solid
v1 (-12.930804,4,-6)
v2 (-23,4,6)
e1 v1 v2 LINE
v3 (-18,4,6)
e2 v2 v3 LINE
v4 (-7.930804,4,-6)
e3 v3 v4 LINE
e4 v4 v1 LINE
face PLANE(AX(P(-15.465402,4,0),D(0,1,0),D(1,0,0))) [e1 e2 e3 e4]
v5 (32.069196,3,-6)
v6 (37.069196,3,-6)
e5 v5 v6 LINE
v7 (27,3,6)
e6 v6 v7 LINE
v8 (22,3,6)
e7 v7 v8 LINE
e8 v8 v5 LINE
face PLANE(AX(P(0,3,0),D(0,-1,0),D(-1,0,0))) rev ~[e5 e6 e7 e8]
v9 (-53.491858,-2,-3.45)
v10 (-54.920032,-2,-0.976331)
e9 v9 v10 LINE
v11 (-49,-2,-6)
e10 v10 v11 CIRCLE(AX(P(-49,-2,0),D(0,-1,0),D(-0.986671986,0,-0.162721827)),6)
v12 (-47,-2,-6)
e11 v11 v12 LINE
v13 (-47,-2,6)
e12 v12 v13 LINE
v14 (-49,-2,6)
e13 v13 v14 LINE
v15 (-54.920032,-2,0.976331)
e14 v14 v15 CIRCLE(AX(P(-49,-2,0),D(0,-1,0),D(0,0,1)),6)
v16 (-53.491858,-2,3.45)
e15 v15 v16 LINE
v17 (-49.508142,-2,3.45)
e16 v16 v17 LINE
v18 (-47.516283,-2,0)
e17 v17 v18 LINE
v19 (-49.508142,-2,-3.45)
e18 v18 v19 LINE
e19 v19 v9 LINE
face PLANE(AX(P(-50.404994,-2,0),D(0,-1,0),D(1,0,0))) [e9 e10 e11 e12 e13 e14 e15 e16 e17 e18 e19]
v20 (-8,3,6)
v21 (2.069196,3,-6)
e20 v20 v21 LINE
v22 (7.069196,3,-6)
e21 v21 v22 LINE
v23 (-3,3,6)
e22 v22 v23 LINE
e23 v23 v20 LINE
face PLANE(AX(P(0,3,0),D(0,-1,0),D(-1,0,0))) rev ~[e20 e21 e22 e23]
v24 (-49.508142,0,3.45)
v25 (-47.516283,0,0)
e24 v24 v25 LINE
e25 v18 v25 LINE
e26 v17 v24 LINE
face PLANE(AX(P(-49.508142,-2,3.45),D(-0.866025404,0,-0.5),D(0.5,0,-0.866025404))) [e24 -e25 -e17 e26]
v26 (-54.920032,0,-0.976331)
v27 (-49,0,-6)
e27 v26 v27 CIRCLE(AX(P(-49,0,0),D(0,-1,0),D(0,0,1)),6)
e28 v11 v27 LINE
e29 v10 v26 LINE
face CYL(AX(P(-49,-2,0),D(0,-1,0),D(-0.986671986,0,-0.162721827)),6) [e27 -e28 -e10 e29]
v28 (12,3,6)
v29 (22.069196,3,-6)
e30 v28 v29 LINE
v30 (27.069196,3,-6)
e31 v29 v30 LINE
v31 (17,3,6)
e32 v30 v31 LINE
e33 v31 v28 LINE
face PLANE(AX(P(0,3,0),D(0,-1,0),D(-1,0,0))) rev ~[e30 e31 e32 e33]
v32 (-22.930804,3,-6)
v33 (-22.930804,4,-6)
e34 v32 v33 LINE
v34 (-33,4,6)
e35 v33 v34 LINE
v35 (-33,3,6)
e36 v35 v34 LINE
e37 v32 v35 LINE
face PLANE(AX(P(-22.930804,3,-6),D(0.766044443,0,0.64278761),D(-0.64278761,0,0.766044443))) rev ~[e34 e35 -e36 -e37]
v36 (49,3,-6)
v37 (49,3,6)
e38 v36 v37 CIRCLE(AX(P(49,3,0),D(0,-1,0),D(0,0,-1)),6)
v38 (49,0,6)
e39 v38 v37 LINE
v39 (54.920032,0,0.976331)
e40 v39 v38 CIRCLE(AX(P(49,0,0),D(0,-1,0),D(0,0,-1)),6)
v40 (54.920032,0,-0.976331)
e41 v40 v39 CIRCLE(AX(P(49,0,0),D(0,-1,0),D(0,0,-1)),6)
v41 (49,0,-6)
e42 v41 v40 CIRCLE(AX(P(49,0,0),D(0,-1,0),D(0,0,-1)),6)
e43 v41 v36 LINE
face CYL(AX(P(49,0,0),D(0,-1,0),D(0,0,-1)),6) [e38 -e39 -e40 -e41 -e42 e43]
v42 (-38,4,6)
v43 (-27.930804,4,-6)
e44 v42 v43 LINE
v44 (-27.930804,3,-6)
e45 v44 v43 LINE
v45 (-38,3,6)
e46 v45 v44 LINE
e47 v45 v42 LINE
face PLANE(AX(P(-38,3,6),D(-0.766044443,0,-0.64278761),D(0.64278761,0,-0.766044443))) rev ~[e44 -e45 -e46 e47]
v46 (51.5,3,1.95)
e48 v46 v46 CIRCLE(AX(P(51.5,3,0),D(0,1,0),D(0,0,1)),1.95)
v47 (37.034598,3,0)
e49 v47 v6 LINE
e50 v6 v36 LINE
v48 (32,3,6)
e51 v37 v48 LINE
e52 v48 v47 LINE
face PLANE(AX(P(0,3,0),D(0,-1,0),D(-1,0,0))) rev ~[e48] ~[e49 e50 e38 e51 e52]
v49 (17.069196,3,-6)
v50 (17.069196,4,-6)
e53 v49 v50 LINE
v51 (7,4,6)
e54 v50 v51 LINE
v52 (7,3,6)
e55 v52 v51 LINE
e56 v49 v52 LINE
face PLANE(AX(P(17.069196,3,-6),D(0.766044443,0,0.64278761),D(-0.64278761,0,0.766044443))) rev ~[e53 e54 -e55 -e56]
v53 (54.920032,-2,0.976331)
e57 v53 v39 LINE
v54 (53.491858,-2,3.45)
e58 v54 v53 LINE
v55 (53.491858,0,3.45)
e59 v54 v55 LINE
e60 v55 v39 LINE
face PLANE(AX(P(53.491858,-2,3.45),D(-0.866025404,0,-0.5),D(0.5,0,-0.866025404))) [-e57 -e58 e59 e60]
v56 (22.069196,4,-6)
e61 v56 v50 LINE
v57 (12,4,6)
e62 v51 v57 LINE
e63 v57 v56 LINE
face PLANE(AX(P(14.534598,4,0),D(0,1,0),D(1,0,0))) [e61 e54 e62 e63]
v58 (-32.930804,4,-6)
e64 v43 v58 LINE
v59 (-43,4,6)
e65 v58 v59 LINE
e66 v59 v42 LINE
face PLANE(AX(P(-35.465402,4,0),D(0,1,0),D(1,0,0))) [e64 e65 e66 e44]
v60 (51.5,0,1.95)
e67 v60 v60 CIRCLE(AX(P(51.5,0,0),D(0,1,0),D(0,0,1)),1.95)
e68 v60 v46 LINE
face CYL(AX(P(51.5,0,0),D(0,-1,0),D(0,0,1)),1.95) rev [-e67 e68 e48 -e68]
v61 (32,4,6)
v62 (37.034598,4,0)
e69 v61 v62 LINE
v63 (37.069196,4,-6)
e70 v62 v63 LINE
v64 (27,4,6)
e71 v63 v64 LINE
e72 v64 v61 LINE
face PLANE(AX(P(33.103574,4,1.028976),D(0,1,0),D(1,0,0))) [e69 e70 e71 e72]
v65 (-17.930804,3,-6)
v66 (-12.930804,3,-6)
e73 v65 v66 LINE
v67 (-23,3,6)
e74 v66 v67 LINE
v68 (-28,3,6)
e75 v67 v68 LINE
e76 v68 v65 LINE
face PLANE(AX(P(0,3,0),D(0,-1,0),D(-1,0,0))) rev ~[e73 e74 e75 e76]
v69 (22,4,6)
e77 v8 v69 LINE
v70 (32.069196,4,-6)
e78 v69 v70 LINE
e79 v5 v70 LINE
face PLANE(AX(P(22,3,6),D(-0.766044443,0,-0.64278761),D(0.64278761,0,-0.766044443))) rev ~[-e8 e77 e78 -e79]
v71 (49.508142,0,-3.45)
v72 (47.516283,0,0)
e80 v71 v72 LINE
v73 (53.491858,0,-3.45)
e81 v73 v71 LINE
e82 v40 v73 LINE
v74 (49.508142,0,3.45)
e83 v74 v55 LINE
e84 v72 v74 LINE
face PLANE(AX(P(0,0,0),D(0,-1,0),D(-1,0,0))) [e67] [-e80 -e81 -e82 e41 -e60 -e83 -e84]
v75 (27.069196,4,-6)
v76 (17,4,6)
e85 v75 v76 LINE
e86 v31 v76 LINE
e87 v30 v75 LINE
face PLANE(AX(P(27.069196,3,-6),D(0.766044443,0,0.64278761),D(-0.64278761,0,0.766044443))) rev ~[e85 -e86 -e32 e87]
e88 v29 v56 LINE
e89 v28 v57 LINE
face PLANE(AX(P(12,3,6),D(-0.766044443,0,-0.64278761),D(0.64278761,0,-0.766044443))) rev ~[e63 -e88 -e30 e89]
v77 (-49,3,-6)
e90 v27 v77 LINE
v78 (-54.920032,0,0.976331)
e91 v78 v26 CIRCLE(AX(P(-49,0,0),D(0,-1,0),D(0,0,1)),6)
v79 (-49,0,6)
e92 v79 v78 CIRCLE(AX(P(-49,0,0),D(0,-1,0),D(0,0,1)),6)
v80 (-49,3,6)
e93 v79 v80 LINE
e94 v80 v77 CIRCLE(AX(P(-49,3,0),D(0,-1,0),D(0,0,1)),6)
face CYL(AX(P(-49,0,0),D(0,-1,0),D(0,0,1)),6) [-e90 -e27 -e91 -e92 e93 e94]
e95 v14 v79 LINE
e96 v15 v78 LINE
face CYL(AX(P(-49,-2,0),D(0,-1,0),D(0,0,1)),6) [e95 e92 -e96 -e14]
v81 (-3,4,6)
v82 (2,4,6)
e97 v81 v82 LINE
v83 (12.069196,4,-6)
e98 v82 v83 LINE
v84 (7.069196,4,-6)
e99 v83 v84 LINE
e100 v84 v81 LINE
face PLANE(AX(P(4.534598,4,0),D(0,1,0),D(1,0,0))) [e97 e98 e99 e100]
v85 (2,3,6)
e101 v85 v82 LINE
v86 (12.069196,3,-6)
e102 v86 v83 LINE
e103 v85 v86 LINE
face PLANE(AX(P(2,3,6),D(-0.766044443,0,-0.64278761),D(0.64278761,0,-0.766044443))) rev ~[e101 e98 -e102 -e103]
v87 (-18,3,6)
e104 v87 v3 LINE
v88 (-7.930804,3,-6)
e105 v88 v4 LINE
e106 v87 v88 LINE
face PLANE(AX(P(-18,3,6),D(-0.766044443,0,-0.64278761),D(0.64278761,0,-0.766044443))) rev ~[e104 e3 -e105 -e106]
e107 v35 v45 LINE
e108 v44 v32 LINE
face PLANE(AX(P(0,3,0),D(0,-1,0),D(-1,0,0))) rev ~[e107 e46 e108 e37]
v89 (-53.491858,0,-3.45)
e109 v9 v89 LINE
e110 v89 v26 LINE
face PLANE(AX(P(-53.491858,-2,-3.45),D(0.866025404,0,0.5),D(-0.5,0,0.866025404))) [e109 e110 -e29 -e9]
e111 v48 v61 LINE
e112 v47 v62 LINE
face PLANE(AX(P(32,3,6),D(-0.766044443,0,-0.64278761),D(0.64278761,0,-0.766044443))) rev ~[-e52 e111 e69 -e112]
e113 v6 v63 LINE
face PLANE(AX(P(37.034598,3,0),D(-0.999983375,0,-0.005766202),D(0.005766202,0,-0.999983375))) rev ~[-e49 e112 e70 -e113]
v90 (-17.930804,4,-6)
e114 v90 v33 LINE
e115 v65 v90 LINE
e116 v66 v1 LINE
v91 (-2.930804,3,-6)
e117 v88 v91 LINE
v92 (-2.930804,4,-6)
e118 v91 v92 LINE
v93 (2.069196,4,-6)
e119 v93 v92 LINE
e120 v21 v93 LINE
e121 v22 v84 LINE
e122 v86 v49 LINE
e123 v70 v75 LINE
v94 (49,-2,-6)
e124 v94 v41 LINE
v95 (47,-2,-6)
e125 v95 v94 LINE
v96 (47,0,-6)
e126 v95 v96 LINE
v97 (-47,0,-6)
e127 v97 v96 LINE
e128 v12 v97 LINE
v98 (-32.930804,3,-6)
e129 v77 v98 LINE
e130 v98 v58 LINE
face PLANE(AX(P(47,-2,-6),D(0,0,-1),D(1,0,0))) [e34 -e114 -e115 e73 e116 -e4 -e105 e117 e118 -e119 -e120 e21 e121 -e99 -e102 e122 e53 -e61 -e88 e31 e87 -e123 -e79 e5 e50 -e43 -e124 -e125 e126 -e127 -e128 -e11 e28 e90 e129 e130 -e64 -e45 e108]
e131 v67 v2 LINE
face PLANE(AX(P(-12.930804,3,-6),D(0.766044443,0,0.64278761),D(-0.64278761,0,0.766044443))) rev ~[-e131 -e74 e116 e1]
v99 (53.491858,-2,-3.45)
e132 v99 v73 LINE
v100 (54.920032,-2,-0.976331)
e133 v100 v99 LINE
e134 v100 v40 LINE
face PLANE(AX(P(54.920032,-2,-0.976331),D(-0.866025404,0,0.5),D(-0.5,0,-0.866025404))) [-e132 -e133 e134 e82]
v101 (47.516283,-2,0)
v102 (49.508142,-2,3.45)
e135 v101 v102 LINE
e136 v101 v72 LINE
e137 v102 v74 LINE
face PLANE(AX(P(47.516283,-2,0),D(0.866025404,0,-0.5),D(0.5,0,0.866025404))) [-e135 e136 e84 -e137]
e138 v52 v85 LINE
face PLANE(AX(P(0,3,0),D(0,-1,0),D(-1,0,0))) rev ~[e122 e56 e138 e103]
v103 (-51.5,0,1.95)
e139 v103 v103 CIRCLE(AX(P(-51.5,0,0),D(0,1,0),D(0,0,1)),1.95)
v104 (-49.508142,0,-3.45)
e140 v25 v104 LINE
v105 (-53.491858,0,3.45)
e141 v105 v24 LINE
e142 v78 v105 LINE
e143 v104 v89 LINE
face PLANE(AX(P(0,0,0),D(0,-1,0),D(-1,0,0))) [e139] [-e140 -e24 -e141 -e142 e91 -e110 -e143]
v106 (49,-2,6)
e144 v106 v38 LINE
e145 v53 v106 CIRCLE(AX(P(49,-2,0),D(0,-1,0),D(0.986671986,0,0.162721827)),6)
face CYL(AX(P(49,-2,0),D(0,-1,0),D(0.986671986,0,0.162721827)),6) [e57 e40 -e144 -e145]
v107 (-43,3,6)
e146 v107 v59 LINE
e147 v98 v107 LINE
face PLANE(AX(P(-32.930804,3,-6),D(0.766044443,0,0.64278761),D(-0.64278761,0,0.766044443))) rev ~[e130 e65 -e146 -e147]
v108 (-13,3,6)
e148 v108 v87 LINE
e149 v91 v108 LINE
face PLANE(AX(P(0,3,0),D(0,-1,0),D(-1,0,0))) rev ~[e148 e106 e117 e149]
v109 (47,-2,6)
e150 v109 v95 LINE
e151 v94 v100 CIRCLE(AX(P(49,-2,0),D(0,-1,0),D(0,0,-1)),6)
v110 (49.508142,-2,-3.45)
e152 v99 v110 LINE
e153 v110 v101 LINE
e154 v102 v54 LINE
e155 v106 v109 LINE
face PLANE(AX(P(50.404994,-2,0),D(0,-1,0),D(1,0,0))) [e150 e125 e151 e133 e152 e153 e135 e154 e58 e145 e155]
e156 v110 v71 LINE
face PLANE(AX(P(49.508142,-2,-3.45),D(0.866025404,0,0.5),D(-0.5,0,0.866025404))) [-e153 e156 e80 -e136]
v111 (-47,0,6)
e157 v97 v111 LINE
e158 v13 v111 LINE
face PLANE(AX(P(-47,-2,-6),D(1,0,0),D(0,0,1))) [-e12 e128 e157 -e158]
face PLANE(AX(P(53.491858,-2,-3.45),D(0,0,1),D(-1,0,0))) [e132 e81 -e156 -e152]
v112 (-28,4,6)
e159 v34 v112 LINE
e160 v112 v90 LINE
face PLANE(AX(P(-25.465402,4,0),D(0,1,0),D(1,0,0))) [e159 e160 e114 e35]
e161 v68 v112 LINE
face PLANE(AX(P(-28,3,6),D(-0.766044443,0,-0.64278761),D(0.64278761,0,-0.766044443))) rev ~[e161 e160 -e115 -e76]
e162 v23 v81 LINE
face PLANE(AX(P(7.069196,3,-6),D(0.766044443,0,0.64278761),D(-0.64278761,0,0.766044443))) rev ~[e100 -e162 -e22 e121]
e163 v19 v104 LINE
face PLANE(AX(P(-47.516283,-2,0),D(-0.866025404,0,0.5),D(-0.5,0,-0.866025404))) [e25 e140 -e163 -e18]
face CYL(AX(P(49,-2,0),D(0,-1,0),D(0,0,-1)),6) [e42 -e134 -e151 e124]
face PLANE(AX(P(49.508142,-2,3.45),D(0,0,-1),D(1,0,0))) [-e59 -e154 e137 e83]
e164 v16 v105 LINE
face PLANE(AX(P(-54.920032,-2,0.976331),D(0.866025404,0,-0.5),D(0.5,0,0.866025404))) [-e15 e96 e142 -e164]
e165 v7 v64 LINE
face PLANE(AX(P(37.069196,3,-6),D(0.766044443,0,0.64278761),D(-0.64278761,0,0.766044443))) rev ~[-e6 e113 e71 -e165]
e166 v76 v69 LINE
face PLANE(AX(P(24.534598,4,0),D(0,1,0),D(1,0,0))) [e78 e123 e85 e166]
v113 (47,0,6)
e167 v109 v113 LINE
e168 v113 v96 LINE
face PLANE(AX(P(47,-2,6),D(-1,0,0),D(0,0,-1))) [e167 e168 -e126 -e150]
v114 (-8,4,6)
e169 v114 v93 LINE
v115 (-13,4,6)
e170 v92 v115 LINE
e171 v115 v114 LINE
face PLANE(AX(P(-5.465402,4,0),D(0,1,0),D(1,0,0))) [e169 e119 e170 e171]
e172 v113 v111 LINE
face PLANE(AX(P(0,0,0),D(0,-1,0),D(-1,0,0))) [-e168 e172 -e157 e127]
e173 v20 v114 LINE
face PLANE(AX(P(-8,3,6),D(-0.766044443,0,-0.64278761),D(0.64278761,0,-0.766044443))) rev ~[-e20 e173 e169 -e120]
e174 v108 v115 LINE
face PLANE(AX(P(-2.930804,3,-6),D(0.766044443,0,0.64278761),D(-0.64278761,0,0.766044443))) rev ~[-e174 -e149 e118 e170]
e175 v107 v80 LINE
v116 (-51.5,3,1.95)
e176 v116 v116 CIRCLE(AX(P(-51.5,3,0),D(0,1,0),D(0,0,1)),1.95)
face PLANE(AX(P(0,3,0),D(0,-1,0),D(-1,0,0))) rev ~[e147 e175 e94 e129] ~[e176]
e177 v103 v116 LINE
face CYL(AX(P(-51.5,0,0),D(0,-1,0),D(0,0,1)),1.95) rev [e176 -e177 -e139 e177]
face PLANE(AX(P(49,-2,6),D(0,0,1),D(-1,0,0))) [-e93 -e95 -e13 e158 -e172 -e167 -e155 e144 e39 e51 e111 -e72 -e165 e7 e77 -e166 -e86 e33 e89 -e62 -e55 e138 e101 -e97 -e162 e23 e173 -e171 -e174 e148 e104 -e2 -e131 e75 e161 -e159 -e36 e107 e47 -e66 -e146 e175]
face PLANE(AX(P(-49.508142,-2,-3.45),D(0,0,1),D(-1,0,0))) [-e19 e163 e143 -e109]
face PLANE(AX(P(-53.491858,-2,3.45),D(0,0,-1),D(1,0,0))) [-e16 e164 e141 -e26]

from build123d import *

# Parameters (mm, degrees)
SKETCH1_R           = 1.95
BOSS_EXTRUDE1_DEPTH = 3
BOSS_EXTRUDE2_START = 2
BOSS_EXTRUDE2_DEPTH = 2
BOSS_EXTRUDE3_DEPTH = 1


with BuildPart() as part:
    # Sketch1 → Boss-Extrude1 (new body)
    with BuildSketch(Plane(origin=(0, 0, 0), x_dir=(1, 0, 0), z_dir=(0, 1, 0))):
        with BuildLine():
            Line((-49, 6), (49, 6))
            ThreePointArc((49, 6), (55, 0), (49, -6))
            Line((49, -6), (-49, -6))
            ThreePointArc((-49, -6), (-55, 0), (-49, 6))
        make_face()
        with Locations(Location((-51.5, 0, 0), (0, 0, 270))):
            Circle(SKETCH1_R, mode=Mode.SUBTRACT)
        with Locations(Location((51.5, 0, 0), (0, 0, 270))):
            Circle(SKETCH1_R, mode=Mode.SUBTRACT)
    extrude(amount=BOSS_EXTRUDE1_DEPTH)

    # Sketch2 → Boss-Extrude2 (add)
    with BuildSketch(Plane.XZ.offset(BOSS_EXTRUDE2_START)):
        with BuildLine():
            Line((54.920031913, -0.976330963), (53.491858429, -3.45))
            Line((53.491858429, -3.45), (49.508141571, -3.45))
            Line((49.508141571, -3.45), (47.516283143, 0))
            Line((47.516283143, 0), (49.508141571, 3.45))
            Line((49.508141571, 3.45), (53.491858429, 3.45))
            Line((53.491858429, 3.45), (54.920031913, 0.976330963))
            ThreePointArc((54.920031913, 0.976330963), (52.882139502, 4.574821624), (49, 6))
            Line((49, 6), (47, 6))
            Line((47, 6), (47, -6))
            Line((47, -6), (49, -6))
            ThreePointArc((49, -6), (52.882139502, -4.574821624), (54.920031913, -0.976330963))
        make_face()
        with BuildLine():
            Line((-49, -6), (-47, -6))
            Line((-47, -6), (-47, 6))
            Line((-47, 6), (-49, 6))
            ThreePointArc((-49, 6), (-52.882139502, 4.574821624), (-54.920031913, 0.976330963))
            Line((-54.920031913, 0.976330963), (-53.491858429, 3.45))
            Line((-53.491858429, 3.45), (-49.508141571, 3.45))
            Line((-49.508141571, 3.45), (-47.516283143, 0))
            Line((-47.516283143, 0), (-49.508141571, -3.45))
            Line((-49.508141571, -3.45), (-53.491858429, -3.45))
            Line((-53.491858429, -3.45), (-54.920031913, -0.976330963))
            ThreePointArc((-54.920031913, -0.976330963), (-52.882139502, -4.574821624), (-49, -6))
        make_face()
    extrude(amount=-BOSS_EXTRUDE2_DEPTH)

    # Sketch3 → Boss-Extrude3 (add)
    with BuildSketch(Plane(origin=(0, 3, 0), x_dir=(1, 0, 0), z_dir=(0, 1, 0))):
        Polygon((-32.930804426, 6), (-43, -6), (-38, -6), (-27.930804426, 6), align=None)
        Polygon((-17.930804426, 6), (-22.930804426, 6), (-33, -6), (-28, -6), align=None)
        Polygon((-7.930804426, 6), (-12.930804426, 6), (-23, -6), (-18, -6), align=None)
        Polygon((2.069195574, 6), (-2.930804426, 6), (-13, -6), (-8, -6), align=None)
        Polygon((12.069195574, 6), (7.069195574, 6), (-3, -6), (2, -6), align=None)
        Polygon((22.069195574, 6), (17.069195574, 6), (7, -6), (12, -6), align=None)
        Polygon((32.069195574, 6), (27.069195574, 6), (17, -6), (22, -6), align=None)
        Polygon((37.069195574, 6), (27, -6), (32, -6), (37.034597787, 0), align=None)
    extrude(amount=BOSS_EXTRUDE3_DEPTH)


solid = part.part
